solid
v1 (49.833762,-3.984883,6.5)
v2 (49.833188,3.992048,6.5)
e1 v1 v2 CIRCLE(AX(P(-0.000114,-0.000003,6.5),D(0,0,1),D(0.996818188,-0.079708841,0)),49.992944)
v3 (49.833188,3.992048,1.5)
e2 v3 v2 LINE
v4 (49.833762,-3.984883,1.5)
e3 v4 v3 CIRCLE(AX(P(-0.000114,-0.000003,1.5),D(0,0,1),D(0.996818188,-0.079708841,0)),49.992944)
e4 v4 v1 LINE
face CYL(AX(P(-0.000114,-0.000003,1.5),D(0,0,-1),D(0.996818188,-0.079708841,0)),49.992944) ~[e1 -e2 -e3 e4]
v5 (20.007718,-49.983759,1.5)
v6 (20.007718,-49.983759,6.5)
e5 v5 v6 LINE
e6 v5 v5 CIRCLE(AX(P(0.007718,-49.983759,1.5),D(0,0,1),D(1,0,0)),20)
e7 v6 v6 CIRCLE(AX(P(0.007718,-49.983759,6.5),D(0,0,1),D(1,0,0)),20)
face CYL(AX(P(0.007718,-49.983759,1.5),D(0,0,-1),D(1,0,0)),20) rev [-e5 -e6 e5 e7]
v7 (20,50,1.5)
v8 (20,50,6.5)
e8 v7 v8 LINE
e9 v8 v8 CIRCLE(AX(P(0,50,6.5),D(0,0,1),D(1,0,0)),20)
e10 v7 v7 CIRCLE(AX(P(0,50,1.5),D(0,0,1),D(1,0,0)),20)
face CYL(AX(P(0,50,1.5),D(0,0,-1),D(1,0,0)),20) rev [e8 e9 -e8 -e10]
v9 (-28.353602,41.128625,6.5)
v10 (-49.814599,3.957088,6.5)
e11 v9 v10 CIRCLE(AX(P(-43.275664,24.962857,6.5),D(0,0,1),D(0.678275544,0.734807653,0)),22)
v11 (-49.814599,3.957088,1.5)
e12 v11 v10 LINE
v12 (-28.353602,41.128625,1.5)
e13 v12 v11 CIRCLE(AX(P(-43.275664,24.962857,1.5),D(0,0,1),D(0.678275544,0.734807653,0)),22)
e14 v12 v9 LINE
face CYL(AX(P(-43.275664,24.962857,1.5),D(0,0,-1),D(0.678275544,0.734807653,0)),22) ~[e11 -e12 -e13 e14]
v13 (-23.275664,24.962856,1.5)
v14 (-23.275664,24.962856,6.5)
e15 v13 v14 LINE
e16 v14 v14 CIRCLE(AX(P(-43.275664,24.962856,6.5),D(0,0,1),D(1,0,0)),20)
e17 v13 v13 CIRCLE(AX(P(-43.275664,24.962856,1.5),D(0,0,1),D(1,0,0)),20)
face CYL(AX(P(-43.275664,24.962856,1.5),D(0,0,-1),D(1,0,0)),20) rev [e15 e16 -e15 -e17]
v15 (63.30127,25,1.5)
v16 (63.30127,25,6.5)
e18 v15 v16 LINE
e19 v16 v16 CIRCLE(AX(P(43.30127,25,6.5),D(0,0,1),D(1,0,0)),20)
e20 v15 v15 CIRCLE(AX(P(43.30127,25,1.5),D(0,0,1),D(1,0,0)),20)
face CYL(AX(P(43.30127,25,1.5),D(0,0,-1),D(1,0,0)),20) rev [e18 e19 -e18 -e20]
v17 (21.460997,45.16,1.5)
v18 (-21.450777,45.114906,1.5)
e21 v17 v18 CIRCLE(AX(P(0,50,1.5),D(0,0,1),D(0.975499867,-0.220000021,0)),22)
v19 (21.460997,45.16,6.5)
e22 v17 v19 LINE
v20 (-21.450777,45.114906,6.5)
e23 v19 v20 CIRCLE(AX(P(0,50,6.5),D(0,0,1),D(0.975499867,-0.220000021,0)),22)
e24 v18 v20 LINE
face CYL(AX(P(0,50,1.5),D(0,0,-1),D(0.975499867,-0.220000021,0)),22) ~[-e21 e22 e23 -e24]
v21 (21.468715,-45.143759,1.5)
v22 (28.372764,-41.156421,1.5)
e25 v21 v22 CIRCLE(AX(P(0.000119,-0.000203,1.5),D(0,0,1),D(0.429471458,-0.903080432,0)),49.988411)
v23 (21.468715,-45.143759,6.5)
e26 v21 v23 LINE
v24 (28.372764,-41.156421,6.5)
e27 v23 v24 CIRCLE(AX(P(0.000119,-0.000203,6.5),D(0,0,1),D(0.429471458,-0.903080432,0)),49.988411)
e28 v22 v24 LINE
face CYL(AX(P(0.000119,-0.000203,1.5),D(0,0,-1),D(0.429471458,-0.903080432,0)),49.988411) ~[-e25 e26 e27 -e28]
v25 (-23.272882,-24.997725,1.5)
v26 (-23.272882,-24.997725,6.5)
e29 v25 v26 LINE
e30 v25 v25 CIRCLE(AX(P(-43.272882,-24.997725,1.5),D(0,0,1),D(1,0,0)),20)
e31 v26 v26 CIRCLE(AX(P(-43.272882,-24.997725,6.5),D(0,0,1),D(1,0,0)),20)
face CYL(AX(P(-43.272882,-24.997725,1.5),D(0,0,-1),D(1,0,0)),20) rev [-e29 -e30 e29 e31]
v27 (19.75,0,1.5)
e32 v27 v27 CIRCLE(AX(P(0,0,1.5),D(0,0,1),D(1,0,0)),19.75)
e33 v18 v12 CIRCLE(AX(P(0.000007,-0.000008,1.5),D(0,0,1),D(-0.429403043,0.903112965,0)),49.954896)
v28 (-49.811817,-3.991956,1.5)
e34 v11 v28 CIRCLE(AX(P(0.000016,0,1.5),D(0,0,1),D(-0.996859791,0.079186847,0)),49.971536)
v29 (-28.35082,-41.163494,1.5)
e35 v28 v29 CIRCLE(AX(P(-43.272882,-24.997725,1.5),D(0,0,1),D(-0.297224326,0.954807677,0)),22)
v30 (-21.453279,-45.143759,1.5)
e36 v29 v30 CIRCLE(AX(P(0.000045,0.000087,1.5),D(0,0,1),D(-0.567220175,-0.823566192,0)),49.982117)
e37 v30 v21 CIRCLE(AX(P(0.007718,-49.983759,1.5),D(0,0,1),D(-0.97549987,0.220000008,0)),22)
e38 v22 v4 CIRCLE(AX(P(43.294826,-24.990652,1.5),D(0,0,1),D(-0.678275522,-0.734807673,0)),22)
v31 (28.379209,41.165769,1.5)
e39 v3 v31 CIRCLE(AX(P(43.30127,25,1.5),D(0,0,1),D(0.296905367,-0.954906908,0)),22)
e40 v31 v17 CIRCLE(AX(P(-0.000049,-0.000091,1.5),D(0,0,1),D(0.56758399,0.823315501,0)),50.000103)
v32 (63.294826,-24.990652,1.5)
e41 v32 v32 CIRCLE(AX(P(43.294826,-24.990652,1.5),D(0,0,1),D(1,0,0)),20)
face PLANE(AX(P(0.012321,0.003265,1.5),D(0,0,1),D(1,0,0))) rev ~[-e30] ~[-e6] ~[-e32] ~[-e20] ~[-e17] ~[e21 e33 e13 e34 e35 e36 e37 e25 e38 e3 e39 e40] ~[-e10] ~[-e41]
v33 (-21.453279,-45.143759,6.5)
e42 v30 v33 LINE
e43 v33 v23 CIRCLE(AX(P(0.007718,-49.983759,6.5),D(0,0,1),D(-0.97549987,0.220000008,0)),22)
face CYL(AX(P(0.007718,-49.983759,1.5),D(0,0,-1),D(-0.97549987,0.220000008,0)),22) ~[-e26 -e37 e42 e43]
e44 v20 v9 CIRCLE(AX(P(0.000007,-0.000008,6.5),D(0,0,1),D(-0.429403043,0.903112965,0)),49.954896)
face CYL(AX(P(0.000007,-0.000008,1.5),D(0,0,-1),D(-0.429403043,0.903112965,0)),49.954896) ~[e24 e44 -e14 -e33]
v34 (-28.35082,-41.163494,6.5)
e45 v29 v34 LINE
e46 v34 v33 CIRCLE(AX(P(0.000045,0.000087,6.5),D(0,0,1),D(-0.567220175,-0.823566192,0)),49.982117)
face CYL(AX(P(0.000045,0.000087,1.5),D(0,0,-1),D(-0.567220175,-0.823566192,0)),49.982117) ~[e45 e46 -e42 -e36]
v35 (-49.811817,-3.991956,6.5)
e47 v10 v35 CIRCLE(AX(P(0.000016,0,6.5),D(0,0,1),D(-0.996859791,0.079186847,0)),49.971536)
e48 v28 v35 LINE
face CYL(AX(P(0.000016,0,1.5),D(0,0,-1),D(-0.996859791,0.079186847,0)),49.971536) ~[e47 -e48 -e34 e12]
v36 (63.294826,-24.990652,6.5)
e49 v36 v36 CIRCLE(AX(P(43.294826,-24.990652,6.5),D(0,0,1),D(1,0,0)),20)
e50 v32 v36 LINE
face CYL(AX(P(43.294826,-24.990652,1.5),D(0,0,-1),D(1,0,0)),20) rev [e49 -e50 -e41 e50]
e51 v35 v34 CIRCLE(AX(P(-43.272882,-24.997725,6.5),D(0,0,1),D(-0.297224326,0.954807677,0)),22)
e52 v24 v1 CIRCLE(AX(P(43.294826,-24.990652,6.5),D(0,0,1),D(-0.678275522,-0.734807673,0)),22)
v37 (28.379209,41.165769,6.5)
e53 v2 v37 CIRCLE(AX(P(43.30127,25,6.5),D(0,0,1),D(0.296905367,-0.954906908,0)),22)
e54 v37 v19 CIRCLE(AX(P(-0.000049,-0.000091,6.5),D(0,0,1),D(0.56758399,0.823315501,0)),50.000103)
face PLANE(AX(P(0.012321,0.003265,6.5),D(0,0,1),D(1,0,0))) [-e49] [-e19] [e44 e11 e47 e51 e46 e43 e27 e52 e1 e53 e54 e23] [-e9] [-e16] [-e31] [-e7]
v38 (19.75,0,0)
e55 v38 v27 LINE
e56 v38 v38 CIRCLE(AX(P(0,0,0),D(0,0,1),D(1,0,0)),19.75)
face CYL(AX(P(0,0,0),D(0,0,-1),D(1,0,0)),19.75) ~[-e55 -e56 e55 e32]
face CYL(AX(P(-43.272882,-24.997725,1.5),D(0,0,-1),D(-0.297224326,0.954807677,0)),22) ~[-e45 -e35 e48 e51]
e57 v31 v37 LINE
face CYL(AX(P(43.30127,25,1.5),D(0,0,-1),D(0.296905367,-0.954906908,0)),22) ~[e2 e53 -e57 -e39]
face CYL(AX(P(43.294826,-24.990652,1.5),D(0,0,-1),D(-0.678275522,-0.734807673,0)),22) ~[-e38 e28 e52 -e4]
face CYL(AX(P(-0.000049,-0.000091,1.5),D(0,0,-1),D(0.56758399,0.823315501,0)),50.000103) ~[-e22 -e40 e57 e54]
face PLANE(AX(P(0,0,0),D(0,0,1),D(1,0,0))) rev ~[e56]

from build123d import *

# Parameters (mm, degrees)
F0_R     = 19.75
F1_DEPTH = 1.5
F2_R     = 20
F2_R_2   = 19.75
F3_DEPTH = 5


with BuildPart() as f1:
    # F0 (on Top) → F1 (new body)
    with BuildSketch(Plane.XY):
        Circle(F0_R)
    extrude(amount=F1_DEPTH)

    # F2 (on face) → F3 (join)
    with BuildSketch(Plane.XY.offset(1.5)):
        with BuildLine():
            ThreePointArc((-21.450777, 45.114906), (-24.981827, 43.259668), (-28.353602, 41.128625))
            ThreePointArc((-28.353602, 41.128625), (-62.328223, 35.962856), (-49.814599, 3.957088))
            ThreePointArc((-49.814599, 3.957088), (-49.971517, -0.01749), (-49.811817, -3.991956))
            ThreePointArc((-49.811817, -3.991956), (-62.325441, -35.997725), (-28.35082, -41.163494))
            ThreePointArc((-28.35082, -41.163494), (-24.981447, -43.291217), (-21.453279, -45.143759))
            ThreePointArc((-21.453279, -45.143759), (0.007718, -71.983759), (21.468715, -45.143759))
            ThreePointArc((21.468715, -45.143759), (25.00036, -43.287952), (28.372764, -41.156421))
            ThreePointArc((28.372764, -41.156421), (62.347385, -35.990652), (49.833762, -3.984883))
            ThreePointArc((49.833762, -3.984883), (49.99283, 0.003594), (49.833188, 3.992048))
            ThreePointArc((49.833188, 3.992048), (62.355666, 35.996817), (28.379209, 41.165769))
            ThreePointArc((28.379209, 41.165769), (25, 43.30127), (21.460997, 45.16))
            ThreePointArc((21.460997, 45.16), (-0.023119, 71.999988), (-21.450777, 45.114906))
        make_face()
        with Locations((0.007718, -49.983759)):
            Circle(F2_R, mode=Mode.SUBTRACT)
        with Locations((-43.272882, -24.997725)):
            Circle(F2_R, mode=Mode.SUBTRACT)
        Circle(F2_R_2, mode=Mode.SUBTRACT)
        with Locations((43.294826, -24.990652)):
            Circle(F2_R, mode=Mode.SUBTRACT)
        with Locations((-43.275664, 24.962856)):
            Circle(F2_R, mode=Mode.SUBTRACT)
        with Locations((0, 50)):
            Circle(F2_R, mode=Mode.SUBTRACT)
        with Locations((43.30127, 25)):
            Circle(F2_R, mode=Mode.SUBTRACT)
        Circle(F2_R_2)
    extrude(amount=F3_DEPTH)


solid = f1.part
